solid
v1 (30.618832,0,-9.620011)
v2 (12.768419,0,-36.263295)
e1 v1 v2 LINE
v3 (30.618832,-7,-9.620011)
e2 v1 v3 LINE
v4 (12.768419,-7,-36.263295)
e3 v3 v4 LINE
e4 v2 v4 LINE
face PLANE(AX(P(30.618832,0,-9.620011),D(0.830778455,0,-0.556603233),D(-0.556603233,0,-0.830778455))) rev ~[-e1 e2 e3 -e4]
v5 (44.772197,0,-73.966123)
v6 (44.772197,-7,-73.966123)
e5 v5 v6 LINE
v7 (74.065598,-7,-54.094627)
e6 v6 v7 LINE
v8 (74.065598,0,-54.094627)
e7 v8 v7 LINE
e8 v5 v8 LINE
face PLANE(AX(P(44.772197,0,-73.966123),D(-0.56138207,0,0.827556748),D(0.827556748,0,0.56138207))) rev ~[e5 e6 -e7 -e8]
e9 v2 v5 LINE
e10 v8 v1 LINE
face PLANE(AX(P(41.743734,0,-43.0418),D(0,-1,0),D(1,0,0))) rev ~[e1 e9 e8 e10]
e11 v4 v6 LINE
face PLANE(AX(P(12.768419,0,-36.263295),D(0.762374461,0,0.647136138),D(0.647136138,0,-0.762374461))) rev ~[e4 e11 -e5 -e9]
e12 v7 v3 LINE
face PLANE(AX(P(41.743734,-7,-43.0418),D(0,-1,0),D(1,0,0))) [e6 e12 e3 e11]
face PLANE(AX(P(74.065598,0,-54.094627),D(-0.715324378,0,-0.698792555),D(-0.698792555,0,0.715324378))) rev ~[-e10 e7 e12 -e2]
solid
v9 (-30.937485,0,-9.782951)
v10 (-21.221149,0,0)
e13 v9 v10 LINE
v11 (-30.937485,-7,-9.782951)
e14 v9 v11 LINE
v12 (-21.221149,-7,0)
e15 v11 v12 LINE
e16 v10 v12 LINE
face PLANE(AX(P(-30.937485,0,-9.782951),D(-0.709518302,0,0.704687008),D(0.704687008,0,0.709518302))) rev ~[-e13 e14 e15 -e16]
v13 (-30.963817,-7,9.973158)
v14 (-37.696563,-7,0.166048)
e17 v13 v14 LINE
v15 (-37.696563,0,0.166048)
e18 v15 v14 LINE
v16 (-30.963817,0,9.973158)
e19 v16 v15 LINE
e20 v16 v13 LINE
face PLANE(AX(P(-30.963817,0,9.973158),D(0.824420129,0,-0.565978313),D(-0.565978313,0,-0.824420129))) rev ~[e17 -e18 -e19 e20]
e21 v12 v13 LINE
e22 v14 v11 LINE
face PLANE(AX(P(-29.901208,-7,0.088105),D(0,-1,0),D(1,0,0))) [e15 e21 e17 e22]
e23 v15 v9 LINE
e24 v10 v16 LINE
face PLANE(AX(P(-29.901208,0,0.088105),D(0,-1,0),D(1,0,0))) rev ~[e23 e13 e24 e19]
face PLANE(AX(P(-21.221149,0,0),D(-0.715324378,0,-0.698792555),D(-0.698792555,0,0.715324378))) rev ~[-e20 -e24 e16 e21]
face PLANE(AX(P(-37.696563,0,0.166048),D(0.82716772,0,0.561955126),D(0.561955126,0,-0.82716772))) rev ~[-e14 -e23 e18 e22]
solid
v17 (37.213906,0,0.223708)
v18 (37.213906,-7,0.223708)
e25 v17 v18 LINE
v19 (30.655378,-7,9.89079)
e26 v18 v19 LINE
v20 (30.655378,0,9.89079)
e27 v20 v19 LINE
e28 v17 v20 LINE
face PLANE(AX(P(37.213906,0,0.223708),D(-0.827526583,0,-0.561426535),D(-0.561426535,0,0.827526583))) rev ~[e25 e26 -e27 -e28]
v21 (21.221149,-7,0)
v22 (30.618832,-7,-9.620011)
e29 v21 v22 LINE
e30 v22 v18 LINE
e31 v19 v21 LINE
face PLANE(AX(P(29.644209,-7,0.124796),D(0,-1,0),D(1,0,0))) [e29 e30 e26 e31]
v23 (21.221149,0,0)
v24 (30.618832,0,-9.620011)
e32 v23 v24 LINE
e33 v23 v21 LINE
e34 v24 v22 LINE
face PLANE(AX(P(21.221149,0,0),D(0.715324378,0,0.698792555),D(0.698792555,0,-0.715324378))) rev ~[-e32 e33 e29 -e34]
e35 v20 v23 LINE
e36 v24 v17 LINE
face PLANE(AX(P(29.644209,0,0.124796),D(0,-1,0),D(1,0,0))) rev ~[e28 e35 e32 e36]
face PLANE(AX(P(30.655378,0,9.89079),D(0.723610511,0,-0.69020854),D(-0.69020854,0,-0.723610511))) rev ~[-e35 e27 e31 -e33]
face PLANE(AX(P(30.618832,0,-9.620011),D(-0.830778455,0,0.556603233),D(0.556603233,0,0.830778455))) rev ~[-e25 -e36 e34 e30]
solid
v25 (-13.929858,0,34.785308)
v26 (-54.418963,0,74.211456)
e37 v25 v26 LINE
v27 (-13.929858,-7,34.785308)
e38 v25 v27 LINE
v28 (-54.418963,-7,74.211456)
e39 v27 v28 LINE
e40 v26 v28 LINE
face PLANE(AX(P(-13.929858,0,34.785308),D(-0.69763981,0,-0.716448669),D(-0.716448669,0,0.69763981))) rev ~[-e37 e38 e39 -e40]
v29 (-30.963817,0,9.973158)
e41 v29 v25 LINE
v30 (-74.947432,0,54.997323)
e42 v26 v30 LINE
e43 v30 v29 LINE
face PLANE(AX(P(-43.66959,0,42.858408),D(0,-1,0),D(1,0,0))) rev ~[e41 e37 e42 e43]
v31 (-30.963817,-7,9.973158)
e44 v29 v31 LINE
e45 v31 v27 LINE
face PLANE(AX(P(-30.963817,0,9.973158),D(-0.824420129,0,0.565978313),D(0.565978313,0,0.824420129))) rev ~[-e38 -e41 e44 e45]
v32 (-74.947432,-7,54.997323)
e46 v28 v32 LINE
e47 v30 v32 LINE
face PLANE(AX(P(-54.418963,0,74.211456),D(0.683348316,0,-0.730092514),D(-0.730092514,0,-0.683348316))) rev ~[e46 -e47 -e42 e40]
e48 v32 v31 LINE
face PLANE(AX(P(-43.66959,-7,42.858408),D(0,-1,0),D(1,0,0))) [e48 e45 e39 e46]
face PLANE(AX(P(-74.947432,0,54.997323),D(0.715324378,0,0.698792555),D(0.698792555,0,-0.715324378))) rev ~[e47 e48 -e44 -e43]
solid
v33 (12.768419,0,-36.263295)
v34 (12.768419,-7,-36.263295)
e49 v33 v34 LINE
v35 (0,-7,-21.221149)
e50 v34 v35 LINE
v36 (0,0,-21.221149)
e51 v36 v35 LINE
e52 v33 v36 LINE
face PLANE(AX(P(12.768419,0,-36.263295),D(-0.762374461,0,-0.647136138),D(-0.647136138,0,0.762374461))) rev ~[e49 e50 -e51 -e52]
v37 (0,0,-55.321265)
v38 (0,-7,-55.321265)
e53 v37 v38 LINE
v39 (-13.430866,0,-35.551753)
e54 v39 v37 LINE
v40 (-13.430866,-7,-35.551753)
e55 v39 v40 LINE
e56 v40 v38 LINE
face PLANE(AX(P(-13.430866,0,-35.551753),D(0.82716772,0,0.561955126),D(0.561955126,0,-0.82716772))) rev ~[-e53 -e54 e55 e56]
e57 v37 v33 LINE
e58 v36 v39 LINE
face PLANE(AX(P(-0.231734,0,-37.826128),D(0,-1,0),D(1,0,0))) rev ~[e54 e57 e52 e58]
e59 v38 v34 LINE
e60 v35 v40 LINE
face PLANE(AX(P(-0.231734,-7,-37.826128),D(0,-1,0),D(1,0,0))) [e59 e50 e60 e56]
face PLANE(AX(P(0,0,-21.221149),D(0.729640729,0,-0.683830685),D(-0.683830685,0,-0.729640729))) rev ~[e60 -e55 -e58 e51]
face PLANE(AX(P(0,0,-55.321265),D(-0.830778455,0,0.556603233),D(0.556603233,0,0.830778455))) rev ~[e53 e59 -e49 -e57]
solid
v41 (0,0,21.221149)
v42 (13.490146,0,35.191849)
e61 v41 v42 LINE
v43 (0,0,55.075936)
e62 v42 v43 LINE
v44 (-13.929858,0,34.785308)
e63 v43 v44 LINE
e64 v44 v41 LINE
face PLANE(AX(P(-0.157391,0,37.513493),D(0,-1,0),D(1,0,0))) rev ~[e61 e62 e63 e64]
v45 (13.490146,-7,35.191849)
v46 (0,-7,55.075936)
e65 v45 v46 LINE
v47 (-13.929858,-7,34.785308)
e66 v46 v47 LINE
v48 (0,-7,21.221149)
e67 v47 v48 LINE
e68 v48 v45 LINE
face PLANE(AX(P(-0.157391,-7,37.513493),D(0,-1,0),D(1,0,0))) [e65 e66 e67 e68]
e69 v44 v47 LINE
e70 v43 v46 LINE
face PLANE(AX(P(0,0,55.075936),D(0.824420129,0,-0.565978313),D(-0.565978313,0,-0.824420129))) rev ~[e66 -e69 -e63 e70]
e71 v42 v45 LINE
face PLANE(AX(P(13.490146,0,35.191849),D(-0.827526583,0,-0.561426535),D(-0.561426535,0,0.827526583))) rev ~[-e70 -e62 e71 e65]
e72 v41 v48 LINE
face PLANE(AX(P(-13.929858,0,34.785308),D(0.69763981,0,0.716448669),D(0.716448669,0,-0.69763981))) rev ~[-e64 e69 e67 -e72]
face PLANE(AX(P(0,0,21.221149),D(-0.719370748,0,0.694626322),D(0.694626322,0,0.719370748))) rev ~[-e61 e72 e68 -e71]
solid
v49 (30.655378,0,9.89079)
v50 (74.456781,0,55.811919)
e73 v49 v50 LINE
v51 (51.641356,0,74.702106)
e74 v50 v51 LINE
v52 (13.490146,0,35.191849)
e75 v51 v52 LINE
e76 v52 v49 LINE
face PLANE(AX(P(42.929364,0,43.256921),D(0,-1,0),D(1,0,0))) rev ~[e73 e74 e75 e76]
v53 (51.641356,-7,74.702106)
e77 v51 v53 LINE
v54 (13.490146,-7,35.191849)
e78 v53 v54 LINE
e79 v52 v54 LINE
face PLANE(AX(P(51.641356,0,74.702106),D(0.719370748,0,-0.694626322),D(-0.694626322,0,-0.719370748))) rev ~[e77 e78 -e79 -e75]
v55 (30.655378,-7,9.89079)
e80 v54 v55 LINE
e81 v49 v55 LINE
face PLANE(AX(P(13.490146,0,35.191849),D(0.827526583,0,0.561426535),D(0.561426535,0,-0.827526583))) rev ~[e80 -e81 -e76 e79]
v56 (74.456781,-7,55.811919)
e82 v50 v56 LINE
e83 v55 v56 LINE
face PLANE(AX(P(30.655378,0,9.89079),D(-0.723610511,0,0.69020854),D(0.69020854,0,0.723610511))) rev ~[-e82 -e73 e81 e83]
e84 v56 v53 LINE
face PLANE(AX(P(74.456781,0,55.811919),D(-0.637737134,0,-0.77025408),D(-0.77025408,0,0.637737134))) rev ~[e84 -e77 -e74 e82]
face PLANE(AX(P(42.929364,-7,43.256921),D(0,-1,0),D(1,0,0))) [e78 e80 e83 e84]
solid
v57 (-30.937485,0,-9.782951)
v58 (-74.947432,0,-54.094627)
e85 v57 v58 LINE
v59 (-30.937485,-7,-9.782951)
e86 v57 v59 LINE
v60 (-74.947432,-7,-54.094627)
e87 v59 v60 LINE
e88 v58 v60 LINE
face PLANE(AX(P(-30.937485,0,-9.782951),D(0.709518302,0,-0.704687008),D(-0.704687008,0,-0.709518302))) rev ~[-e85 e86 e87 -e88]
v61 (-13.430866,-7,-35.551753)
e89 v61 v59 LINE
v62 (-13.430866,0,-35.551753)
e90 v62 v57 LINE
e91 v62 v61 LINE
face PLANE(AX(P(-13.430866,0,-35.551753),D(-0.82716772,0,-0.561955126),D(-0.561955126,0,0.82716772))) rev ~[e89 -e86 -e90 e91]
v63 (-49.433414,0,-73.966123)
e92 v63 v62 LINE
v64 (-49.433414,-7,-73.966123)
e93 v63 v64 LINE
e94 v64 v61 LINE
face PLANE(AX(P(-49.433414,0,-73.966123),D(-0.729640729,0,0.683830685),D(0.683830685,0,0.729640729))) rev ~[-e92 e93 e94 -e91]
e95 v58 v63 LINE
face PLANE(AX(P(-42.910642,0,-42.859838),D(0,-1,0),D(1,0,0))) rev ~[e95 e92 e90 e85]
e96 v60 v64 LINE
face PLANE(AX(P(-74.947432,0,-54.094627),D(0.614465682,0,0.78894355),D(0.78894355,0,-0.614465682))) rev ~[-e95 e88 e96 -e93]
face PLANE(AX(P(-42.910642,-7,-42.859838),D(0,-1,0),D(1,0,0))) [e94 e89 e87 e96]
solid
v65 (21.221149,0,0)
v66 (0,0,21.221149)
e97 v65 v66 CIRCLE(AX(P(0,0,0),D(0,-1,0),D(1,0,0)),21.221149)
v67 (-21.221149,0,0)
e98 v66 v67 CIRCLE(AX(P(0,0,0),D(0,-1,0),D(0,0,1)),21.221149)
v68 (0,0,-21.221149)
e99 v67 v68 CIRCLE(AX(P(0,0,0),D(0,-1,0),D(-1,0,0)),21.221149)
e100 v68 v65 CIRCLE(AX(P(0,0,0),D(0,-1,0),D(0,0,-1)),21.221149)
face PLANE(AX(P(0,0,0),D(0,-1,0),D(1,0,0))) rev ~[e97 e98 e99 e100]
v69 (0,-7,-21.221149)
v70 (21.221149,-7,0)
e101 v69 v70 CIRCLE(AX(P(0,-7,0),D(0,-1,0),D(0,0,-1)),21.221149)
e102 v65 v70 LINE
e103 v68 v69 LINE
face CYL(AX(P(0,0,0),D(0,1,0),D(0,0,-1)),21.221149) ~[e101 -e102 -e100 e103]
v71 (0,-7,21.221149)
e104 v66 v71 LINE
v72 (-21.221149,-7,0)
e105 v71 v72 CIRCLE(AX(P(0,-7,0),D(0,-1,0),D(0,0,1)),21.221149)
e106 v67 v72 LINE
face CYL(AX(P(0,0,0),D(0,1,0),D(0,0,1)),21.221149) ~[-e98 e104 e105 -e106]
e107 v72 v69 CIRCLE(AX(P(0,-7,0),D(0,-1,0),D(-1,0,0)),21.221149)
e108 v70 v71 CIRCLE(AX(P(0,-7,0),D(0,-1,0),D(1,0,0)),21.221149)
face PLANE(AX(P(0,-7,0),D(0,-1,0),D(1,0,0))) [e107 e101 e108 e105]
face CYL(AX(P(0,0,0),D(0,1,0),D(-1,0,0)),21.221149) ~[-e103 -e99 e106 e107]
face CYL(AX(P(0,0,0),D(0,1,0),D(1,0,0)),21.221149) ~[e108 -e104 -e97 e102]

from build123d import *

# Parameters (mm, degrees)
F1_DEPTH = 7


with BuildPart() as f1:
    # F0 (on Front) → F1 (new body)
    with BuildSketch(Plane.XZ):
        with BuildLine():
            ThreePointArc((0, -21.2211485282), (15.0056180289, -15.0056180289), (21.2211485282, 0))
            ThreePointArc((21.2211485282, 0), (15.0056180289, 15.0056180289), (0, 21.2211485282))
            ThreePointArc((0, 21.2211485282), (-15.0056180289, 15.0056180289), (-21.2211485282, 0))
            ThreePointArc((-21.2211485282, 0), (-15.0056180289, -15.0056180289), (0, -21.2211485282))
        make_face()
    extrude(amount=F1_DEPTH)


with BuildPart() as f1b:
    # F0 (on Front) → F1, piece 2 (new body)
    with BuildSketch(Plane.XZ):
        Polygon((-13.9298583474, 34.7853076235), (0, 21.2211485282), (13.490145677, 35.1918488728), (0, 55.0759360194), align=None)
    extrude(amount=F1_DEPTH)


with BuildPart() as f1c:
    # F0 (on Front) → F1, piece 3 (new body)
    with BuildSketch(Plane.XZ):
        Polygon((12.7684192229, -36.2632952124), (0, -21.2211485282), (-13.4308659869, -35.5517526687), (0, -55.321265012), align=None)
    extrude(amount=F1_DEPTH)


with BuildPart() as f1d:
    # F0 (on Front) → F1, piece 4 (new body)
    with BuildSketch(Plane.XZ):
        Polygon((30.6553779083, 9.890789733), (21.2211485282, 0), (30.6188318239, -9.6200108463), (37.213906036, 0.2237077038), align=None)
    extrude(amount=F1_DEPTH)


with BuildPart() as f1e:
    # F0 (on Front) → F1, piece 5 (new body)
    with BuildSketch(Plane.XZ):
        Polygon((-30.9374849861, -9.7829511085), (-21.2211485282, 0), (-30.9638172982, 9.9731578827), (-37.6965631901, 0.1660484656), align=None)
    extrude(amount=F1_DEPTH)


with BuildPart() as f1f:
    # F0 (on Front) → F1, piece 6 (new body)
    with BuildSketch(Plane.XZ):
        Polygon((13.490145677, 35.1918488728), (30.6553779083, 9.890789733), (74.4567811489, 55.8119192719), (51.6413562, 74.7021064162), align=None)
    extrude(amount=F1_DEPTH)


with BuildPart() as f1g:
    # F0 (on Front) → F1, piece 7 (new body)
    with BuildSketch(Plane.XZ):
        Polygon((-30.9638172982, 9.9731578827), (-13.9298583474, 34.7853076235), (-54.4189632423, 74.2114558816), (-74.9474316835, 54.9973233217), align=None)
    extrude(amount=F1_DEPTH)


with BuildPart() as f1h:
    # F0 (on Front) → F1, piece 8 (new body)
    with BuildSketch(Plane.XZ):
        Polygon((-49.433413893, -73.9661231637), (-13.4308659869, -35.5517526687), (-30.9374849861, -9.7829511085), (-74.9474316835, -54.0946274996), align=None)
    extrude(amount=F1_DEPTH)


with BuildPart() as f1i:
    # F0 (on Front) → F1, piece 9 (new body)
    with BuildSketch(Plane.XZ):
        Polygon((74.0655980158, -54.0946274996), (30.6188318239, -9.6200108463), (12.7684192229, -36.2632952124), (44.7721965611, -73.9661231637), align=None)
    extrude(amount=F1_DEPTH)


solid = Compound([f1.part, f1b.part, f1c.part, f1d.part, f1e.part, f1f.part, f1g.part, f1h.part, f1i.part])
